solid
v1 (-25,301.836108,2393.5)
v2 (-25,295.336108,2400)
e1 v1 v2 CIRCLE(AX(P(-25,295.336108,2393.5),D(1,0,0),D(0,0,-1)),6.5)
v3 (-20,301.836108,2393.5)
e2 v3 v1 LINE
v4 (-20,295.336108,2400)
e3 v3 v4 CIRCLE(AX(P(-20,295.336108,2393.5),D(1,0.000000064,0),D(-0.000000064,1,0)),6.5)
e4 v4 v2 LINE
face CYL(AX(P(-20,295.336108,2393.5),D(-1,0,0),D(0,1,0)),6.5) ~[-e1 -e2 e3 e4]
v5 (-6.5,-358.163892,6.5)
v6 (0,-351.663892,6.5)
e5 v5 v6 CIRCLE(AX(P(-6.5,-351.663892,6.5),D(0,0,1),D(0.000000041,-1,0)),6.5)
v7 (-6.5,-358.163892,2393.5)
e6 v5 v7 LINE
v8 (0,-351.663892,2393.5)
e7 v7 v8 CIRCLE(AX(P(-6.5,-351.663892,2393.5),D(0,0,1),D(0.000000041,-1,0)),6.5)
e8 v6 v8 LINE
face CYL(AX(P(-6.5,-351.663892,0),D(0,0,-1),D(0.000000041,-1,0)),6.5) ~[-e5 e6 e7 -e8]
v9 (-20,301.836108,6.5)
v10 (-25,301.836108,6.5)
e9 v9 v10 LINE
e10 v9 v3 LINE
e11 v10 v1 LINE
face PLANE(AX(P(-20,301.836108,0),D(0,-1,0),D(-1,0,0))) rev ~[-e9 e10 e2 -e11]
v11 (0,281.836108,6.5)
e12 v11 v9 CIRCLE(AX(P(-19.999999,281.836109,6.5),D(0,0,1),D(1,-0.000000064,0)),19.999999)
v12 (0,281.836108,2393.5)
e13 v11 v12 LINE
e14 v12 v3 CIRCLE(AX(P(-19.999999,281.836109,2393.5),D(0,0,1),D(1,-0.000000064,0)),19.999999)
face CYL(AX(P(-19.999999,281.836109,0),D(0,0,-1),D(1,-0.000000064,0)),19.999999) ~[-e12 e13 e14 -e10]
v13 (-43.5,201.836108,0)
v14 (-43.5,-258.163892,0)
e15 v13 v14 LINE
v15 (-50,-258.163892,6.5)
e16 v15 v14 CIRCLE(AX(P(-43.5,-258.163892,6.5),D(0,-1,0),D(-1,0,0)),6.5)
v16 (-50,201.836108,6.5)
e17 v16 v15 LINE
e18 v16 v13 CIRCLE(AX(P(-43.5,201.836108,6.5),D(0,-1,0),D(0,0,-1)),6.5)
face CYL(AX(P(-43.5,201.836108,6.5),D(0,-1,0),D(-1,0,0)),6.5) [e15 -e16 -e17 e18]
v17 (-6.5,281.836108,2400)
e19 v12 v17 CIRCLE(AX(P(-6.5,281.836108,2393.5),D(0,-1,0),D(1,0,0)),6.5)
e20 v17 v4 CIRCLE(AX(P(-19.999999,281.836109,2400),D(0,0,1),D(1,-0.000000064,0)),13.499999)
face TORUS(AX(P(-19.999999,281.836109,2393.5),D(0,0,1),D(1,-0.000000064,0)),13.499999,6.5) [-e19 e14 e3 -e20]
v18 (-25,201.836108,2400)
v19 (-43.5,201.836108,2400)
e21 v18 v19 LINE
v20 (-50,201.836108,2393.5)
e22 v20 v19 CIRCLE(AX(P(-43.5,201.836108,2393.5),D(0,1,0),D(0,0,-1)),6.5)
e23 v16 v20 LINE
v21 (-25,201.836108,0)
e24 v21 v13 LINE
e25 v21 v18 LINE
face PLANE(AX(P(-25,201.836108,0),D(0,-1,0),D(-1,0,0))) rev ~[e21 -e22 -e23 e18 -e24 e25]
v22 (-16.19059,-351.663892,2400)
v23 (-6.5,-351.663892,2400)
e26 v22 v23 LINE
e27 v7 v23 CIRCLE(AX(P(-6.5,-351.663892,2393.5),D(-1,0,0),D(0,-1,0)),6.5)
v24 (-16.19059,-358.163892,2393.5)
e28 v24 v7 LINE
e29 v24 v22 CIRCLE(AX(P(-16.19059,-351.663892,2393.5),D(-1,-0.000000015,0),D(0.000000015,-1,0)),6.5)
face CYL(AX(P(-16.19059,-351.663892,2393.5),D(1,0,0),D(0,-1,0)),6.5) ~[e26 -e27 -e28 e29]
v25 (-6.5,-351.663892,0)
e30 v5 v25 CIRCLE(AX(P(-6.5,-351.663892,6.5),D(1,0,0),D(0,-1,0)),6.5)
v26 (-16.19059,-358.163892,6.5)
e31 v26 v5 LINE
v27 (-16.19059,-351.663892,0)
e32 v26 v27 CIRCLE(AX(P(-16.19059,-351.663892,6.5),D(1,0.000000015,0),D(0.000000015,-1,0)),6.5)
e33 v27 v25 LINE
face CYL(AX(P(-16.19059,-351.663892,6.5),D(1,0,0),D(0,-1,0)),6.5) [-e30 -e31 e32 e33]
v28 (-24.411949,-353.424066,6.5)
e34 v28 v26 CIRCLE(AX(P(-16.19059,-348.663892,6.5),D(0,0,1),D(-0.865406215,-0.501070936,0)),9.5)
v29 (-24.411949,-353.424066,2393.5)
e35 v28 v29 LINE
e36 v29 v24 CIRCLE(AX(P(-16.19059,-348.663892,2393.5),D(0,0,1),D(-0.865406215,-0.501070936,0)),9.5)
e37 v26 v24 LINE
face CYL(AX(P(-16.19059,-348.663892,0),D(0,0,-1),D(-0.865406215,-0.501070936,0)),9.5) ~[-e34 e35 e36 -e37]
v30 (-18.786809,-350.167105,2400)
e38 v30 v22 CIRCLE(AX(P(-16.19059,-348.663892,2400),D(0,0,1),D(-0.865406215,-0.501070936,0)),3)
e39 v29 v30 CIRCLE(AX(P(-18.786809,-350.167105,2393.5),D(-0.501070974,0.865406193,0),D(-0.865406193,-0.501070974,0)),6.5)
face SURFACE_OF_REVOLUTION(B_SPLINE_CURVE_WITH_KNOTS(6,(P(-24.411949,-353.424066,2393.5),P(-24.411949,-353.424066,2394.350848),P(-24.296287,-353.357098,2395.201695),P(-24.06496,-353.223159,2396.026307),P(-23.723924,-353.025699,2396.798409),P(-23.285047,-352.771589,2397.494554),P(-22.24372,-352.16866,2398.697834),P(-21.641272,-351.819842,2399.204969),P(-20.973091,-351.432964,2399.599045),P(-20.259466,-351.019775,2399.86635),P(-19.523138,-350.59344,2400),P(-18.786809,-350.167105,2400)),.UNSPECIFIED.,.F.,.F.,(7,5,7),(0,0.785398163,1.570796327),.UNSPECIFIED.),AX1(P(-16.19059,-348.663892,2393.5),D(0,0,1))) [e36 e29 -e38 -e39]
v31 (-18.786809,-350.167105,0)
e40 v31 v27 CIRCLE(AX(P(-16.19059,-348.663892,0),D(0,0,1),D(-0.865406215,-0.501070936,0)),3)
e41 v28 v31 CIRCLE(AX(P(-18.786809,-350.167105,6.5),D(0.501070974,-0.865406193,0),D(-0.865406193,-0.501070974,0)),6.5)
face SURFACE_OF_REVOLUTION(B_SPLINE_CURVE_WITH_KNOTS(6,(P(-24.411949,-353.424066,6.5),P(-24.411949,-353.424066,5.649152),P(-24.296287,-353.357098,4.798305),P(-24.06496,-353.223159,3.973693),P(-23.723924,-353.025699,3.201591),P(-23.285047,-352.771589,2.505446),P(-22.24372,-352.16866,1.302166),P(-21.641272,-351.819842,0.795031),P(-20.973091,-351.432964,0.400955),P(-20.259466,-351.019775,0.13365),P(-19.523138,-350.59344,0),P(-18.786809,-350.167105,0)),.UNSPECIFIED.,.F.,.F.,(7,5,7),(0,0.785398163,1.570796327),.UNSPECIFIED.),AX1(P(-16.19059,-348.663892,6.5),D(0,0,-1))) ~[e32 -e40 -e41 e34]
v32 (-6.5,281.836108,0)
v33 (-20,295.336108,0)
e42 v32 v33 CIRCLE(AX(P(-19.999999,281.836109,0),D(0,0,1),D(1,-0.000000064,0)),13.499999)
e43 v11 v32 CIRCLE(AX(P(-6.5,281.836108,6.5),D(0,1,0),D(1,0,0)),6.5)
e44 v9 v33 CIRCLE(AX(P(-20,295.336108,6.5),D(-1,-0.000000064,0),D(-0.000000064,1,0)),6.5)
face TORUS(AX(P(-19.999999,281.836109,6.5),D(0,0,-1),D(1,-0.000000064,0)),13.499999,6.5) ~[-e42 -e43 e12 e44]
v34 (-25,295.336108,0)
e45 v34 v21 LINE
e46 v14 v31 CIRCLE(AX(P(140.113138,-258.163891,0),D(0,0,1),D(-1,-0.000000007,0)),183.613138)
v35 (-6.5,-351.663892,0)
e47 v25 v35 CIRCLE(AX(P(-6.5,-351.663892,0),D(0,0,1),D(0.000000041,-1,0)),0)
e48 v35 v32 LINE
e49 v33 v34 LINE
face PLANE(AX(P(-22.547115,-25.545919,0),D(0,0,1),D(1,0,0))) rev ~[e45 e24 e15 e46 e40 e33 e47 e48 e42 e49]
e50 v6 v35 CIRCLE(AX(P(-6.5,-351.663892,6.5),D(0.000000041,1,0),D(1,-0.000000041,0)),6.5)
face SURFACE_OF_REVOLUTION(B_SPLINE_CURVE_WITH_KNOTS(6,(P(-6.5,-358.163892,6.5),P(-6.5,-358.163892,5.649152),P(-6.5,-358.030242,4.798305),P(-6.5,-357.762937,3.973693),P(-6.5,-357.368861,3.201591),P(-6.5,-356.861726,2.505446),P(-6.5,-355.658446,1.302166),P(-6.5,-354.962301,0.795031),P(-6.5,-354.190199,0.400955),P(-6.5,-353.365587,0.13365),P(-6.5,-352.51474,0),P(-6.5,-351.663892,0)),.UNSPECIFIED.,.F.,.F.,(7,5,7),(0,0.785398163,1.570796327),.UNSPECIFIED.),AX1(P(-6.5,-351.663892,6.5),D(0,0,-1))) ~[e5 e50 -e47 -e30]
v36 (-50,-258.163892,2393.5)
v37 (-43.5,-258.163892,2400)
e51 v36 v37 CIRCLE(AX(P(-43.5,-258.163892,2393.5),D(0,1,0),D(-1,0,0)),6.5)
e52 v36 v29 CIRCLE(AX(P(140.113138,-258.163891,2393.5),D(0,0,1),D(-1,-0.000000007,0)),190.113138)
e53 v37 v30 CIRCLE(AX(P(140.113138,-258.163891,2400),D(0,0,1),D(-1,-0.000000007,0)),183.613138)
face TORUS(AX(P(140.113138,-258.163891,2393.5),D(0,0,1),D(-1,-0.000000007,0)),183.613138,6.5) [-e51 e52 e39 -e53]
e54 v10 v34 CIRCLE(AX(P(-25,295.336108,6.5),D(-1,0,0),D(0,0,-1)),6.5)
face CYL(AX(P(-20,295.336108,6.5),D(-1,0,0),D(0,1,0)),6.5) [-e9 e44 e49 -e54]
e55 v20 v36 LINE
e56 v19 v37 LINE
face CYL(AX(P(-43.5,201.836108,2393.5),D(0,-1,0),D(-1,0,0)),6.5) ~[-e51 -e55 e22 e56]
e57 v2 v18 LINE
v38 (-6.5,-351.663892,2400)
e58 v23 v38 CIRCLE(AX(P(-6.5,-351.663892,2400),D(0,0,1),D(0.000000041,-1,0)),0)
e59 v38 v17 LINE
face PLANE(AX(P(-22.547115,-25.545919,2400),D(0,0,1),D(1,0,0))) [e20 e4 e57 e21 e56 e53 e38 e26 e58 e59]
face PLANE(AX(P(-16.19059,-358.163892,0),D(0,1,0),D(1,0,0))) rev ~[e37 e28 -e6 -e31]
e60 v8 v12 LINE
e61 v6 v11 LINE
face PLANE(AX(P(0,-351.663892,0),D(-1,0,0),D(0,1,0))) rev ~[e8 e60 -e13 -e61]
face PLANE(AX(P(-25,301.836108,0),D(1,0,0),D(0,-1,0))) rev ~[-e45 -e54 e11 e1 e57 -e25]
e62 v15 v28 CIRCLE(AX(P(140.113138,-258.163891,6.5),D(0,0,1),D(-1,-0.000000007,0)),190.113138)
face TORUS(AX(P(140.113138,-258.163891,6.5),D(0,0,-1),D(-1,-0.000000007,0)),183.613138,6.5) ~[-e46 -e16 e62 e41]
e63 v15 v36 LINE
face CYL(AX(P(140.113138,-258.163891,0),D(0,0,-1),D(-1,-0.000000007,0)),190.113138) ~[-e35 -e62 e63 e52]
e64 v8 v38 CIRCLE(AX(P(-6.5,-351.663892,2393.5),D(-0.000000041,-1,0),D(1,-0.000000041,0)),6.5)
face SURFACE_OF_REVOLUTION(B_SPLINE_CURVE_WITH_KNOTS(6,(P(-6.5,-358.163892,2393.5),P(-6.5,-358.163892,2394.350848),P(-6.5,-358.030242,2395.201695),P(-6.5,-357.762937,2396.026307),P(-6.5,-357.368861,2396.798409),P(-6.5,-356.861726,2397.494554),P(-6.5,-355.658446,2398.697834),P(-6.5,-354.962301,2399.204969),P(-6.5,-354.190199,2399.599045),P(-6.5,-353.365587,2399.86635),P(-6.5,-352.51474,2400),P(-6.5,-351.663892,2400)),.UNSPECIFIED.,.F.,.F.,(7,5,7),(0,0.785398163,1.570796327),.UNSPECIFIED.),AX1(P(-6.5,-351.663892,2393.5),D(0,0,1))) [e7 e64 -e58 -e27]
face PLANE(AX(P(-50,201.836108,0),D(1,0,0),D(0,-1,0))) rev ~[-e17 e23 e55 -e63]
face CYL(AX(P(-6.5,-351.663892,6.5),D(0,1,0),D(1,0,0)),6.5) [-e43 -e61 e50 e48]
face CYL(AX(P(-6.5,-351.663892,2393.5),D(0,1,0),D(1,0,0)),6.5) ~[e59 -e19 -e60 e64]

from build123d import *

# Parameters (mm, degrees)
F1_DEPTH = 2400
F2_R     = 6.5


with BuildPart() as f1:
    # F0 (on Top) → F1 (new body)
    with BuildSketch(Plane.XY):
        with BuildLine():
            Line((-20, 301.836108), (-25, 301.836108))
            Line((-25, 301.836108), (-25, 201.836108))
            Line((-25, 201.836108), (-50, 201.836108))
            Line((-50, 201.836108), (-50, -258.163892))
            ThreePointArc((-50, -258.163892), (-43.491581, -307.48237), (-24.411949, -353.424066))
            ThreePointArc((-24.411949, -353.424066), (-20.9355, -356.89407), (-16.19059, -358.163892))
            Line((-16.19059, -358.163892), (-6.5, -358.163892))
            ThreePointArc((-6.5, -358.163892), (-1.903806, -356.260086), (0, -351.663892))
            Line((0, -351.663892), (0, 281.836108))
            ThreePointArc((0, 281.836108), (-5.857864, 295.978244), (-20, 301.836108))
        make_face()
    extrude(amount=F1_DEPTH)

    # F2
    f2_edges = [f1.edges().sort_by_distance(p)[0] for p in [
        (-50, -28.163892, 2400),
        (-50, -28.163892, 0),
    ]]
    fillet(f2_edges, radius=F2_R)


solid = f1.part
